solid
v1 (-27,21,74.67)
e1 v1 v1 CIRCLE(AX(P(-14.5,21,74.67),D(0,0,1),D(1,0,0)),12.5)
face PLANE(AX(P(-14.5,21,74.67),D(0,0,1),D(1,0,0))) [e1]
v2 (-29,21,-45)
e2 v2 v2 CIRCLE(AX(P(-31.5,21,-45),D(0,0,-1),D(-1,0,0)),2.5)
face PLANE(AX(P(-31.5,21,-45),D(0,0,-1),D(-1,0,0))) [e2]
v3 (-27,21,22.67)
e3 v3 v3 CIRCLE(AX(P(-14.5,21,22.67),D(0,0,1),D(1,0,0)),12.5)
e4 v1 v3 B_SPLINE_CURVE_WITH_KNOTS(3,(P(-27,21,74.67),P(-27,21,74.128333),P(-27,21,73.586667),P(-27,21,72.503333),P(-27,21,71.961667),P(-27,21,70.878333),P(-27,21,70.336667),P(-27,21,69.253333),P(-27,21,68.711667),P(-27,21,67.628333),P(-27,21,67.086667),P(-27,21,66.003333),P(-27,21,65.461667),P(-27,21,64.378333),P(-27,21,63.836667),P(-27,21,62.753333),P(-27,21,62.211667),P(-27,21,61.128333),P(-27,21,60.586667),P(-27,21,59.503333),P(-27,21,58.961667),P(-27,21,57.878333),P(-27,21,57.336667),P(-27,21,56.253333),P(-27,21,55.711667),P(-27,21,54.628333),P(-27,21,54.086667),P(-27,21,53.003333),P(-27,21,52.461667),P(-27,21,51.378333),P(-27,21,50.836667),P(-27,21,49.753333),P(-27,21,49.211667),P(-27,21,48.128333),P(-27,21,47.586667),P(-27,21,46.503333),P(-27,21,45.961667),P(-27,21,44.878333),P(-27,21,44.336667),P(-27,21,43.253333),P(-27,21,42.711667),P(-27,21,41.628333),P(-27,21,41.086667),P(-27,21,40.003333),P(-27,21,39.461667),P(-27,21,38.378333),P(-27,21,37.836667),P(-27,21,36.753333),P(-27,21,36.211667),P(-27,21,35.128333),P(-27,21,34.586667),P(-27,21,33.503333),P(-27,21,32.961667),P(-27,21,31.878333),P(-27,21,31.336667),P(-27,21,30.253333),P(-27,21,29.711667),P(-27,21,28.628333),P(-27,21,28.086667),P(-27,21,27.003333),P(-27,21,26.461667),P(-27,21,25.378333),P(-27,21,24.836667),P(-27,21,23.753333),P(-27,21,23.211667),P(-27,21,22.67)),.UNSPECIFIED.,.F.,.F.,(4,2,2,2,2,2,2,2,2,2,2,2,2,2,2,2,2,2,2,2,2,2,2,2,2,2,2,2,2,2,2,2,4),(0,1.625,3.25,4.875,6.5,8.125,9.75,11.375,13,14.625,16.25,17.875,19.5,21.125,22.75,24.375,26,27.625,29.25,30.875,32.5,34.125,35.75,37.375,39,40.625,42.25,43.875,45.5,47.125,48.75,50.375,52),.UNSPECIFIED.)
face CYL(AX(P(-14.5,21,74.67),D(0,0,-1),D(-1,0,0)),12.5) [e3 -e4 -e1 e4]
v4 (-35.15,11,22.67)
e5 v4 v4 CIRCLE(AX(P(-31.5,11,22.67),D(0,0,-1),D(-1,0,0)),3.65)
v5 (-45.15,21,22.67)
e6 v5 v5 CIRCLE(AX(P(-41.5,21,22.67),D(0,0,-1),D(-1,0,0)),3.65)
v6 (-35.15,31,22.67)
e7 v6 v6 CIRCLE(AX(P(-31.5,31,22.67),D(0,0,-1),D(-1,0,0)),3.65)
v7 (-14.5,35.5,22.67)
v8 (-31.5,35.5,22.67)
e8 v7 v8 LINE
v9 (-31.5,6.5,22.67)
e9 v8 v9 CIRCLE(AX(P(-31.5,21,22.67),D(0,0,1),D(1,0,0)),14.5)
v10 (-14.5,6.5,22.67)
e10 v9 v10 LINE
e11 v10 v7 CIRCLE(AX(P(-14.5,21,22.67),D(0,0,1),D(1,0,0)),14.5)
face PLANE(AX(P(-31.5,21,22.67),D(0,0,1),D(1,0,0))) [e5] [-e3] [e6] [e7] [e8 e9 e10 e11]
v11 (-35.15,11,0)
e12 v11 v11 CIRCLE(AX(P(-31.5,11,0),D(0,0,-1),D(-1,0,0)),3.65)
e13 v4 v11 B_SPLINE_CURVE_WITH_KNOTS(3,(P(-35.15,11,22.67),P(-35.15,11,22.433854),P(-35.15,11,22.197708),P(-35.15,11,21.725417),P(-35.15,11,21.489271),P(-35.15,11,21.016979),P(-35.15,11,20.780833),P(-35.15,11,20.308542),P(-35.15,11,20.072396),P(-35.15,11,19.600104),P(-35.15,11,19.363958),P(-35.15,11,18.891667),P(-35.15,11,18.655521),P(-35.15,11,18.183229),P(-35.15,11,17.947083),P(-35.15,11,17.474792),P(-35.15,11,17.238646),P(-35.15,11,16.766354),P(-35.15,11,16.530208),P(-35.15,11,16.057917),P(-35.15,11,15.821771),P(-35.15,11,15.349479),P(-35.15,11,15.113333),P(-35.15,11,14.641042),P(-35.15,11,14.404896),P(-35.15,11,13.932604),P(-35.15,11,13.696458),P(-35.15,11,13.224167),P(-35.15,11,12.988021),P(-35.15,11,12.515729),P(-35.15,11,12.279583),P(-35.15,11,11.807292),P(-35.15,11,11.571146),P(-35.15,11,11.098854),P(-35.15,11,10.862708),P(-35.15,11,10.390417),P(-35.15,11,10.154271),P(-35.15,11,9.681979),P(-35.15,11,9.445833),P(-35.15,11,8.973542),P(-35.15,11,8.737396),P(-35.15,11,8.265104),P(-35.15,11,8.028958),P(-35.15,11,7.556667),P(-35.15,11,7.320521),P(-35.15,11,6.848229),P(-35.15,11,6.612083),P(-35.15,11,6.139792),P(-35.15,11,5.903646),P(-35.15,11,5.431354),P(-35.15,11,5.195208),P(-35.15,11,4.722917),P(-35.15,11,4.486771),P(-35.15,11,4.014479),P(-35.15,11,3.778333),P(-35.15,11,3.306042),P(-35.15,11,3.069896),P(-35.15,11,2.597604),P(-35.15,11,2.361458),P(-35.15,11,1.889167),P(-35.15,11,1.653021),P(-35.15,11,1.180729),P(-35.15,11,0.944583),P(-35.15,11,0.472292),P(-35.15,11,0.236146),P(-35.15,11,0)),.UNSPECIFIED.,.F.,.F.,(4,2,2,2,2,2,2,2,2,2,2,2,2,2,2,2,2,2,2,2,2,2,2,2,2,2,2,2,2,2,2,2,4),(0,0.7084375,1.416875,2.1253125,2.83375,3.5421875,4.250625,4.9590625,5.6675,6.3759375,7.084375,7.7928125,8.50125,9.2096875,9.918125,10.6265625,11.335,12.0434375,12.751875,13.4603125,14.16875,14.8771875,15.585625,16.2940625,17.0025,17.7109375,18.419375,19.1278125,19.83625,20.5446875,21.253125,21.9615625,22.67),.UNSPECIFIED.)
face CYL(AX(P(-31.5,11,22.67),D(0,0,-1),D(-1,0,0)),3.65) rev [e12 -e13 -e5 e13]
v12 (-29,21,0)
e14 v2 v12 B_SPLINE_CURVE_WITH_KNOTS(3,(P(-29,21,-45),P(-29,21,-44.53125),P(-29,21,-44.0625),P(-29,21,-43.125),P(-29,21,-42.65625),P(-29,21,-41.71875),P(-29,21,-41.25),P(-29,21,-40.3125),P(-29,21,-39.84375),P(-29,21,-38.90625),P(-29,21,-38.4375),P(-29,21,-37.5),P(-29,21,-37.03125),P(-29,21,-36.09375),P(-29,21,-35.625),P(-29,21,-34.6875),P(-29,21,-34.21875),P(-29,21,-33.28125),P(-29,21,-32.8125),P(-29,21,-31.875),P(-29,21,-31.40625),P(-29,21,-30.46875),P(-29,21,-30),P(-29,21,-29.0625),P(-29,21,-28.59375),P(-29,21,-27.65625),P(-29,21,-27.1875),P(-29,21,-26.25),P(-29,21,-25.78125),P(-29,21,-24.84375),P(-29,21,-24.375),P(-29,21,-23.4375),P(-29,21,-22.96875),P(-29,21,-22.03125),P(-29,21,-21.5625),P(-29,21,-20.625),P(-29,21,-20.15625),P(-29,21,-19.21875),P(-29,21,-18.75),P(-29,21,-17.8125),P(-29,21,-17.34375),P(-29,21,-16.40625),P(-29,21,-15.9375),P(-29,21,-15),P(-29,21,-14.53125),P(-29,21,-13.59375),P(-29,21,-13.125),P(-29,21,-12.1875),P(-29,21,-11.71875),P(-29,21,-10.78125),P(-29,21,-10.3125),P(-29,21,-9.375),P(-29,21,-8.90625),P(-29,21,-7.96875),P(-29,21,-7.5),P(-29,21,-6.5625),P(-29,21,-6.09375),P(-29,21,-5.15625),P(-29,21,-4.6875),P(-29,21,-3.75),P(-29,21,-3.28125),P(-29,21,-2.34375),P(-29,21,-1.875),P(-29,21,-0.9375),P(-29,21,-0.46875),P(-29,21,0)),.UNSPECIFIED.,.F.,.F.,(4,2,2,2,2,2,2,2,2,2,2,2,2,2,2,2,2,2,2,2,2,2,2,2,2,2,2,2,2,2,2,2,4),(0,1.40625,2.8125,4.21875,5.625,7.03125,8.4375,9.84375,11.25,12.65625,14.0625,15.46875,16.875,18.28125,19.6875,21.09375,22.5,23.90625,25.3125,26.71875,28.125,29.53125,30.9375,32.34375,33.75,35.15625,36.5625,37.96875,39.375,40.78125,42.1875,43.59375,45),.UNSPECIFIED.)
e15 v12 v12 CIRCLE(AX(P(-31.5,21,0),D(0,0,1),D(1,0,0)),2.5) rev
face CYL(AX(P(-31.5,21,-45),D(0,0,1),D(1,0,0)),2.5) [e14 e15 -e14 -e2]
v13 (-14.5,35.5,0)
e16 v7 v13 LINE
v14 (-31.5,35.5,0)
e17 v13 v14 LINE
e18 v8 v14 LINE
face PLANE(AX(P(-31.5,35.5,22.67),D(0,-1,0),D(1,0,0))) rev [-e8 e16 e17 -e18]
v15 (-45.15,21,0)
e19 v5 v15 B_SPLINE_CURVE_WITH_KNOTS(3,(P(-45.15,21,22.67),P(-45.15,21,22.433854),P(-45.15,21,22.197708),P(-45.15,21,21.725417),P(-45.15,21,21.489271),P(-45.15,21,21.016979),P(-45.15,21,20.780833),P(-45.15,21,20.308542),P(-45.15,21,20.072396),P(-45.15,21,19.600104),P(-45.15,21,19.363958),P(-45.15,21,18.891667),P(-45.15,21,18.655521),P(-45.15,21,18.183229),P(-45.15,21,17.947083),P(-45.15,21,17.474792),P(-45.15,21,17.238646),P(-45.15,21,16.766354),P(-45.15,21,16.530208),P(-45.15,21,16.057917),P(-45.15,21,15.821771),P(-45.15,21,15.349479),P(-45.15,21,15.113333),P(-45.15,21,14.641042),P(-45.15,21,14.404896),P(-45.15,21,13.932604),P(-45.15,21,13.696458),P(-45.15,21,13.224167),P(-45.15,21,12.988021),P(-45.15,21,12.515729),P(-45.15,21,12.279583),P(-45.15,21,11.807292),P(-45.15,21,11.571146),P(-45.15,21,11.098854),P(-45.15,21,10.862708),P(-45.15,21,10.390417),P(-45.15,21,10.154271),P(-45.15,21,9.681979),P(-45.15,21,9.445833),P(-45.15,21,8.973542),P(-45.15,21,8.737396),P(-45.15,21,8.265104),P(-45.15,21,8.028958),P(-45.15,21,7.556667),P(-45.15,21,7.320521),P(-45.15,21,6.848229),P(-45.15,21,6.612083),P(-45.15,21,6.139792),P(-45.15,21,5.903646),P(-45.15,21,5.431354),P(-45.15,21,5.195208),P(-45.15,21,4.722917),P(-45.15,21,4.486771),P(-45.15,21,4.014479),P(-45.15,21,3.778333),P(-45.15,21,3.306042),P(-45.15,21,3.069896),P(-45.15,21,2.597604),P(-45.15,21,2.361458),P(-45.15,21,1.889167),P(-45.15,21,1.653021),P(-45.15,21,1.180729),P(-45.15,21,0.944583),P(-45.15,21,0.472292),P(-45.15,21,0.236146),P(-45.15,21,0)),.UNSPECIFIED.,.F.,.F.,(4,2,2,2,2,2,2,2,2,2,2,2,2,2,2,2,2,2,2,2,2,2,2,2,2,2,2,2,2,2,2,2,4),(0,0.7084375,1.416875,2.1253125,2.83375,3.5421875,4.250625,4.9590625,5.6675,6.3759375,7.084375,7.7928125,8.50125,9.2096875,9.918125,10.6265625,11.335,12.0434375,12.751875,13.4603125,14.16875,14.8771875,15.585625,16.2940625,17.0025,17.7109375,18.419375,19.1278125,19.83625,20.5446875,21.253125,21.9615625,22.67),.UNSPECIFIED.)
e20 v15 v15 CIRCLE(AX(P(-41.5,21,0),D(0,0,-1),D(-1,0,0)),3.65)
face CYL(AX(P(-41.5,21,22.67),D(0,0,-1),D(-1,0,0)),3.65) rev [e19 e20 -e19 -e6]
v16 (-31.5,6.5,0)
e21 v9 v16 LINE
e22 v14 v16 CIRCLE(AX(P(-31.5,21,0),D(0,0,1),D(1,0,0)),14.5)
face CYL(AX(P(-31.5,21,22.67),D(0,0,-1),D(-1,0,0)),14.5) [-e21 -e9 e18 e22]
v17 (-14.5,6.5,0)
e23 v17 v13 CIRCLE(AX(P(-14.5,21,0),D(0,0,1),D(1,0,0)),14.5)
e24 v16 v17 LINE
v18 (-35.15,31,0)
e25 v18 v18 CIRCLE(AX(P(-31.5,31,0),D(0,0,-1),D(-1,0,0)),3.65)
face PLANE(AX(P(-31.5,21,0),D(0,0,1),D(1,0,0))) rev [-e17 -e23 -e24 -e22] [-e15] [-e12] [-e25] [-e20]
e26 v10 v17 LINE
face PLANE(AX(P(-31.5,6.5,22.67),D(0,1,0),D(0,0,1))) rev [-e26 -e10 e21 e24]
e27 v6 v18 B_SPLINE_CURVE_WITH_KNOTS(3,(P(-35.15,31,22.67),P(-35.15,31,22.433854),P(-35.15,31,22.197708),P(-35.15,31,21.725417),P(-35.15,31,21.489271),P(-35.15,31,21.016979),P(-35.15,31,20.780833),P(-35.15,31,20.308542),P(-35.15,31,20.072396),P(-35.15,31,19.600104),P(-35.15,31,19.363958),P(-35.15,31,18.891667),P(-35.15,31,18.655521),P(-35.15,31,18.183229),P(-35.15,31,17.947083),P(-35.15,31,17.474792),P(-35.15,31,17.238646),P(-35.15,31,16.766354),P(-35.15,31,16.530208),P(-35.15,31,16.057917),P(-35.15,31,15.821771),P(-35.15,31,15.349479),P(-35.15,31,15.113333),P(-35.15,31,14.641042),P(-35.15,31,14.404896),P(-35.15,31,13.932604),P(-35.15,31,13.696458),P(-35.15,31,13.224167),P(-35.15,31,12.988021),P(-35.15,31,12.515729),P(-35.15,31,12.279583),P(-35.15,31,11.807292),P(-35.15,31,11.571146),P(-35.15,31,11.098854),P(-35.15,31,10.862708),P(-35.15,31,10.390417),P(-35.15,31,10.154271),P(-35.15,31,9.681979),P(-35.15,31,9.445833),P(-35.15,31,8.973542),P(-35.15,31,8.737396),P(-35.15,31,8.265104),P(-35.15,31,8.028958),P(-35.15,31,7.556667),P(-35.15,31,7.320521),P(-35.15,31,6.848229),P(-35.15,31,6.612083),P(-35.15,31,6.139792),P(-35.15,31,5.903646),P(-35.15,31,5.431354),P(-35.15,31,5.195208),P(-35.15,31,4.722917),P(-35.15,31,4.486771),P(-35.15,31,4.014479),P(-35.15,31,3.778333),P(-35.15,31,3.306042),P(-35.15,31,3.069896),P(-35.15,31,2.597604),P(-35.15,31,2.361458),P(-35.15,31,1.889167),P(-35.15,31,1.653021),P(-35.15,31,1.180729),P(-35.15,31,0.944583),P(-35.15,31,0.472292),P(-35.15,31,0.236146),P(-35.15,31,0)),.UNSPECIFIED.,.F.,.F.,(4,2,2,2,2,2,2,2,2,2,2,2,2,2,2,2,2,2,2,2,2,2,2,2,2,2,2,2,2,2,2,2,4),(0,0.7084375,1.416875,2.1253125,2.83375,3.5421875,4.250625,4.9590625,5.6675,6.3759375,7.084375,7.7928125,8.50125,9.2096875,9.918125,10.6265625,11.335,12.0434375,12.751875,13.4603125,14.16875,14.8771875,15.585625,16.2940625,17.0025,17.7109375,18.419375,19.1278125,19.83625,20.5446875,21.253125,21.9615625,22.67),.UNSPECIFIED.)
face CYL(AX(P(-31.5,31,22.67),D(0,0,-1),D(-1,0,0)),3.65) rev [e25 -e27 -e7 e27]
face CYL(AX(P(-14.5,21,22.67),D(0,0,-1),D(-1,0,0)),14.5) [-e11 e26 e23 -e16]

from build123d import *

# Parameters (mm, degrees)
EXTRUDE_1_DEPTH     = 22.67
SKETCH_3_R          = 3.65
CUT_EXTRUDE_1_DEPTH = 22.67
SKETCH_7_R          = 2.5
EXTRUDE_2_DEPTH     = 45
SKETCH_8_R          = 12.5
EXTRUDE_3_DEPTH     = 52


with BuildPart() as part:
    # 草图1 → 凸台-拉伸1 (new body)
    with BuildSketch(Plane.XY):
        with BuildLine():
            Line((-31.5, 35.5), (-14.5, 35.5))
            ThreePointArc((-14.5, 35.5), (0, 21), (-14.5, 6.5))
            Line((-14.5, 6.5), (-31.5, 6.5))
            ThreePointArc((-31.5, 6.5), (-46, 21), (-31.5, 35.5))
        make_face()
    extrude(amount=EXTRUDE_1_DEPTH)

    # 草图3 → 切除-拉伸1 (cut)
    with BuildSketch(Plane(origin=(0, 0, 0), x_dir=(-1, 0, 0), z_dir=(0, 0, -1))):
        with Locations((31.5, 11)):
            Circle(SKETCH_3_R)
        with Locations((31.5, 31)):
            Circle(SKETCH_3_R)
        with Locations((41.5, 21)):
            Circle(SKETCH_3_R)
    extrude(amount=-CUT_EXTRUDE_1_DEPTH, mode=Mode.SUBTRACT)

    # 草图7 → 凸台-拉伸2 (add)
    with BuildSketch(Plane(origin=(0, 0, 0), x_dir=(-1, 0, 0), z_dir=(0, 0, -1))):
        with Locations(Location((31.5, 21, 0), (0, 0, 180))):
            Circle(SKETCH_7_R)
    extrude(amount=EXTRUDE_2_DEPTH)

    # 草图8 → 凸台-拉伸3 (add)
    with BuildSketch(Plane.XY.offset(22.67)):
        with Locations(Location((-14.5, 21, 0), (0, 0, 180))):
            Circle(SKETCH_8_R)
    extrude(amount=EXTRUDE_3_DEPTH)


solid = part.part
